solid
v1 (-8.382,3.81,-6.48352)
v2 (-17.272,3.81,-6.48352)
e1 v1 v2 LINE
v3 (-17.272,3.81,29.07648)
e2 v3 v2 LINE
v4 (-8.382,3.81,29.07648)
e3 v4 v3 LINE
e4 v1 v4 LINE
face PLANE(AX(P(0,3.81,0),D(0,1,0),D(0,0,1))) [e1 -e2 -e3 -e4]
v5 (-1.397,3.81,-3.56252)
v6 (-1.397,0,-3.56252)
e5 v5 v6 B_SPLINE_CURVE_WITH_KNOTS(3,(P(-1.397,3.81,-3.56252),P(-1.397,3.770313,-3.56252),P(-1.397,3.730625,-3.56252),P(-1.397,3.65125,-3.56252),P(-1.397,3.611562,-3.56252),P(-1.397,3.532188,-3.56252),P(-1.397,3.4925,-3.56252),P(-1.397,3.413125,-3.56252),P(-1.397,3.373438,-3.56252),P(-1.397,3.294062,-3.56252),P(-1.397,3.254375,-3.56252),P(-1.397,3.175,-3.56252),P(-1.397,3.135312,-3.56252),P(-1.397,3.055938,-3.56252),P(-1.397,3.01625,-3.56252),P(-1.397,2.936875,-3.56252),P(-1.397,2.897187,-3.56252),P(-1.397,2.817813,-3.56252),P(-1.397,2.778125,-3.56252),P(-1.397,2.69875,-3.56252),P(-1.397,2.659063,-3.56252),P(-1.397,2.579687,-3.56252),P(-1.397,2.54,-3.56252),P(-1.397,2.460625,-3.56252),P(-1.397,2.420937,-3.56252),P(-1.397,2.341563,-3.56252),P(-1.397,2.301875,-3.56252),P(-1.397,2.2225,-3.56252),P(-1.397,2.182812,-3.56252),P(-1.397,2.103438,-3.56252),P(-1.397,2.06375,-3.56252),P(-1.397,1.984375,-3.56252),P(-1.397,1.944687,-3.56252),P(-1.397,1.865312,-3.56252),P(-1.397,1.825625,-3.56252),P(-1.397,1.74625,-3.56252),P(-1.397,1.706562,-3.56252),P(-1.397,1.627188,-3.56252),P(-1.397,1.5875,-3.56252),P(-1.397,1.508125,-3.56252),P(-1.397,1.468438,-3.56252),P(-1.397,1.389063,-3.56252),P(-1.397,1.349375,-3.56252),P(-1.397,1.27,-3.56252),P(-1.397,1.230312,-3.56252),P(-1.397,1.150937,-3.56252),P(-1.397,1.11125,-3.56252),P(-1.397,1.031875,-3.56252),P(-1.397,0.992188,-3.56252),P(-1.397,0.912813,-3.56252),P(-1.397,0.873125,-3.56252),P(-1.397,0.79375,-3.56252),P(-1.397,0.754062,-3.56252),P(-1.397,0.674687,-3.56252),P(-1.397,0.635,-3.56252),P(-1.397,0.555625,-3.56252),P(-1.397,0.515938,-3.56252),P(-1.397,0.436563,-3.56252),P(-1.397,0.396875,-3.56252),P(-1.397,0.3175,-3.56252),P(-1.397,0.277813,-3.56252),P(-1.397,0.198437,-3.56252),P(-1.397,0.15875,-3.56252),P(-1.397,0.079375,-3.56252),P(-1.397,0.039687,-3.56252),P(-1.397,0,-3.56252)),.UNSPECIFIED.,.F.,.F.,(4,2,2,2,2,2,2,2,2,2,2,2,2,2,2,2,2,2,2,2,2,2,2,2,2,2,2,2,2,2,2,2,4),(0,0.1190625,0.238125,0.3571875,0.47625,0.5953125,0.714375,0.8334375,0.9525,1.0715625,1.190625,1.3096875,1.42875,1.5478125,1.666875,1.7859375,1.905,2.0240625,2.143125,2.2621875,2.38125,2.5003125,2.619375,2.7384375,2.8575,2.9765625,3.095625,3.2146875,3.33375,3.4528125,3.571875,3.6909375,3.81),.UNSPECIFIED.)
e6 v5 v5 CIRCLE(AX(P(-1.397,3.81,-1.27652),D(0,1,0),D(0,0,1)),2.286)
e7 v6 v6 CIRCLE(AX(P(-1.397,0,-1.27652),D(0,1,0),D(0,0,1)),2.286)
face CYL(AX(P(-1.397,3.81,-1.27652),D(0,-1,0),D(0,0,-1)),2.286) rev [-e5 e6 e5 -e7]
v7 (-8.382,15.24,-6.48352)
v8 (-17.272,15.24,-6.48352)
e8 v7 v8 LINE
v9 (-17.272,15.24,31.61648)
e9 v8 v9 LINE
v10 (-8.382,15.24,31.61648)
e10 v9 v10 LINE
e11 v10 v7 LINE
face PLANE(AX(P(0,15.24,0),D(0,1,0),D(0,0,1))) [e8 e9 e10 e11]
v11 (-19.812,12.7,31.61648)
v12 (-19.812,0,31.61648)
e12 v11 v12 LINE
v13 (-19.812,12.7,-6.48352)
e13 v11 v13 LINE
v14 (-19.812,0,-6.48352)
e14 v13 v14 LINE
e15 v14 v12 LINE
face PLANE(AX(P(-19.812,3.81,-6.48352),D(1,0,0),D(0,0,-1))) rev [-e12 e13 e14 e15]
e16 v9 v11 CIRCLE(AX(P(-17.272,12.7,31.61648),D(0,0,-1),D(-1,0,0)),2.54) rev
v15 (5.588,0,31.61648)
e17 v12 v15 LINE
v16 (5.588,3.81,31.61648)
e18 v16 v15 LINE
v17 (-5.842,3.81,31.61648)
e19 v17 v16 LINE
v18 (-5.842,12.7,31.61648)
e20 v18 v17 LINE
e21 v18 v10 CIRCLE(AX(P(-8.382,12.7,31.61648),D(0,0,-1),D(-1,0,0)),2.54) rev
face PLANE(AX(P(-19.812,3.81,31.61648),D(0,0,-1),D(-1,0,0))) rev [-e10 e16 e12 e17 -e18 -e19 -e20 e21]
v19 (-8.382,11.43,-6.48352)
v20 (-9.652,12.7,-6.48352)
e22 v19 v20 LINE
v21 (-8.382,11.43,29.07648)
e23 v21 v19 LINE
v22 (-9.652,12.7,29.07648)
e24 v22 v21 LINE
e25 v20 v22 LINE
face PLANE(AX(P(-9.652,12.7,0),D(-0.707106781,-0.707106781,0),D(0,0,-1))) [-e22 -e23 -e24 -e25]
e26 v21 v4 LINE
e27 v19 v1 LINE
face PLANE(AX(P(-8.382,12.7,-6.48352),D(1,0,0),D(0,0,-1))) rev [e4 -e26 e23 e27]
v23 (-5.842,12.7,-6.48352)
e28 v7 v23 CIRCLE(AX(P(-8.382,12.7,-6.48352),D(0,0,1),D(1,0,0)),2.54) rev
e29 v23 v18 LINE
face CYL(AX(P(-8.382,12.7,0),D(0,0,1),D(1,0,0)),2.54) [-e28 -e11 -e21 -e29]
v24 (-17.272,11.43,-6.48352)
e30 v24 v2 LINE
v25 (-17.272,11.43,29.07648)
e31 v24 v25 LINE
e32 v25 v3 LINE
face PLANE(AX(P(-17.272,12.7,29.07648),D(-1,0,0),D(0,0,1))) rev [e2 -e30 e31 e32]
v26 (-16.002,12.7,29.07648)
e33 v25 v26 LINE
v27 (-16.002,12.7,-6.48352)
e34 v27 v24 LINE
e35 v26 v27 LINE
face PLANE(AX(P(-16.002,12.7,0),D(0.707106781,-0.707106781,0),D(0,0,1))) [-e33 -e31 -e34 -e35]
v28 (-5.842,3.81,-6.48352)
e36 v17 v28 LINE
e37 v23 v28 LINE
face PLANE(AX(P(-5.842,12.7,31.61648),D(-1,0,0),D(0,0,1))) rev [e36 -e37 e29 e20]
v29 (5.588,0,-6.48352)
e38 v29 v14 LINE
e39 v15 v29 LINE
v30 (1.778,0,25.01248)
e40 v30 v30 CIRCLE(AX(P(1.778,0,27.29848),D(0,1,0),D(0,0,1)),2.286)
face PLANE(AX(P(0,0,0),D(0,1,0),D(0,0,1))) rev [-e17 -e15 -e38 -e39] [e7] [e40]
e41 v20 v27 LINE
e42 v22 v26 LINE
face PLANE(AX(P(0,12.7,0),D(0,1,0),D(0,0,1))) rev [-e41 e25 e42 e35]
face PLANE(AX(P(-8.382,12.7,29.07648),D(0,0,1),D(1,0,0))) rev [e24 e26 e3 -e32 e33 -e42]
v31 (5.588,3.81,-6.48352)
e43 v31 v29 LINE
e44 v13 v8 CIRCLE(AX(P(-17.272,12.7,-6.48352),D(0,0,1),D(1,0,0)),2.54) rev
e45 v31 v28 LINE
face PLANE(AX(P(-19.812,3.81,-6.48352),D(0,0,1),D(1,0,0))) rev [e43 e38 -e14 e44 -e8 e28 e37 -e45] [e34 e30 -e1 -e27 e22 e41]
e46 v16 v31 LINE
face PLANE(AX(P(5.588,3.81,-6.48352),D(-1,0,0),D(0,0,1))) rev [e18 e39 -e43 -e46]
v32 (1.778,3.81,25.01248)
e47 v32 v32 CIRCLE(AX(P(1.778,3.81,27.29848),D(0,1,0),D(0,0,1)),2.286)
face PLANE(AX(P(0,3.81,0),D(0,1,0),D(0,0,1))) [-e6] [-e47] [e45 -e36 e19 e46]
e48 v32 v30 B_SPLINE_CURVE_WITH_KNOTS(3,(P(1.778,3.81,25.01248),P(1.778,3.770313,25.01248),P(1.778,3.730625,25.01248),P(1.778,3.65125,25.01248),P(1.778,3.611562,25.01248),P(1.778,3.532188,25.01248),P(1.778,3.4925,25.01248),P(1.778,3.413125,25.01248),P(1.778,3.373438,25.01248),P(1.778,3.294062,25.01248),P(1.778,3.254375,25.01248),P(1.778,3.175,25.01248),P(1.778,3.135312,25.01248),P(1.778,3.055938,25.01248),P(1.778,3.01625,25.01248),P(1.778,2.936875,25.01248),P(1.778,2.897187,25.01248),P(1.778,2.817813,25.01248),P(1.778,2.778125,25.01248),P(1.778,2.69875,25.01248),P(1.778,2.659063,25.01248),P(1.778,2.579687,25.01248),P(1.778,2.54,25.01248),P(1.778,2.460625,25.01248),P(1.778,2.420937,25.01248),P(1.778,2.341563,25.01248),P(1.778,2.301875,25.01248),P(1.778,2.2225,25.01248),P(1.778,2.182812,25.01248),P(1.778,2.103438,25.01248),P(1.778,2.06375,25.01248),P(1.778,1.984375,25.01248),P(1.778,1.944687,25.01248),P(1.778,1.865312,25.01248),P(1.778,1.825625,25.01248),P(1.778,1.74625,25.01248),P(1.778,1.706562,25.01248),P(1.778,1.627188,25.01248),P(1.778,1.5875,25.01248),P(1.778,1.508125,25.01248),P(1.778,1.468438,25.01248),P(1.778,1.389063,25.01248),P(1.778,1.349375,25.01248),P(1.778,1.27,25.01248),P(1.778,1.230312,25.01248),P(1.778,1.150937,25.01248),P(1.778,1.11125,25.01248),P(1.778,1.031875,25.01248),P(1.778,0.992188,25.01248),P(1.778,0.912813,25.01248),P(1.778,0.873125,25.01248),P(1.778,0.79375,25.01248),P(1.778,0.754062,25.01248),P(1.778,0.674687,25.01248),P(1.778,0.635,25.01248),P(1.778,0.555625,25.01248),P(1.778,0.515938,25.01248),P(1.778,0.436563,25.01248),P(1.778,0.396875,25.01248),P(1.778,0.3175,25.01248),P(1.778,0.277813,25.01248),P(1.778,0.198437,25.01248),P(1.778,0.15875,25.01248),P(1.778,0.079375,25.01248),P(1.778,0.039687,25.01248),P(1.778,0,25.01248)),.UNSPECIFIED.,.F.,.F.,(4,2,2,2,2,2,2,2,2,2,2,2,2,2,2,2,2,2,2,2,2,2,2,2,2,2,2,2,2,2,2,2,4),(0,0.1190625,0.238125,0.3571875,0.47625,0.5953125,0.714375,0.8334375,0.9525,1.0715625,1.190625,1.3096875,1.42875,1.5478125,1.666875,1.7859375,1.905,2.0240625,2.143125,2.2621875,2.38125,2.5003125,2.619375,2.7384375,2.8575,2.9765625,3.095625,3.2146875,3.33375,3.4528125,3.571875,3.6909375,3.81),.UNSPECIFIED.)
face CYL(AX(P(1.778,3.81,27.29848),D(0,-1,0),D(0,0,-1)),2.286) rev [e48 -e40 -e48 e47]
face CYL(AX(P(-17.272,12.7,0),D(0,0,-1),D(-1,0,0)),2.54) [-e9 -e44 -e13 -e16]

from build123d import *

# Parameters (mm, degrees)
SKETCH1_W           = 25.4
SKETCH1_H           = 38.1
SKETCH1_R           = 2.286
BOSS_EXTRUDE1_DEPTH = 3.81
BOSS_EXTRUDE2_DEPTH = 8.89
SKETCH3_W           = 13.97
SKETCH3_H           = 38.1
BOSS_EXTRUDE3_DEPTH = 2.54
CHAMFER1_SIZE       = 1.27
FILLET2_R           = 2.54


with BuildPart() as part:
    # Sketch1 → Boss-Extrude1 (new body)
    with BuildSketch(Plane(origin=(0, 0, 0), x_dir=(1, 0, 0), z_dir=(0, 1, 0))):
        with Locations((-7.112, -12.566479761)):
            Rectangle(SKETCH1_W, SKETCH1_H)
        with Locations(Location((-1.397, 1.276520239, 0), (0, 0, 90))):
            Circle(SKETCH1_R, mode=Mode.SUBTRACT)
        with Locations(Location((1.778, -27.298479761, 0), (0, 0, 90))):
            Circle(SKETCH1_R, mode=Mode.SUBTRACT)
    extrude(amount=BOSS_EXTRUDE1_DEPTH)

    # Sketch2 → Boss-Extrude2 (add)
    with BuildSketch(Plane(origin=(0, 3.81, 0), x_dir=(1, 0, 0), z_dir=(0, 1, 0))):
        Polygon((-19.812, 6.483520239), (-19.812, -31.616479761), (-5.842, -31.616479761), (-5.842, 6.483520239), (-8.382, 6.483520239), (-8.382, -29.076479761), (-17.272, -29.076479761), (-17.272, 6.483520239), align=None)
    extrude(amount=BOSS_EXTRUDE2_DEPTH)

    # Sketch3 → Boss-Extrude3 (add)
    with BuildSketch(Plane(origin=(0, 12.7, 0), x_dir=(1, 0, 0), z_dir=(0, 1, 0))):
        with Locations((-12.827, -12.566479761)):
            Rectangle(SKETCH3_W, SKETCH3_H)
    extrude(amount=BOSS_EXTRUDE3_DEPTH)

    # Chamfer1
    chamfer1_edges = [part.edges().sort_by_distance(p)[0] for p in [
        (-8.382, 12.7, 11.296479761),
        (-17.272, 12.7, 11.296479761),
    ]]
    chamfer(chamfer1_edges, length=CHAMFER1_SIZE)

    # Fillet2
    fillet2_edges = [part.edges().sort_by_distance(p)[0] for p in [
        (-19.812, 15.24, 12.566479761),
        (-5.842, 15.24, 12.566479761),
    ]]
    fillet(fillet2_edges, radius=FILLET2_R)


solid = part.part
